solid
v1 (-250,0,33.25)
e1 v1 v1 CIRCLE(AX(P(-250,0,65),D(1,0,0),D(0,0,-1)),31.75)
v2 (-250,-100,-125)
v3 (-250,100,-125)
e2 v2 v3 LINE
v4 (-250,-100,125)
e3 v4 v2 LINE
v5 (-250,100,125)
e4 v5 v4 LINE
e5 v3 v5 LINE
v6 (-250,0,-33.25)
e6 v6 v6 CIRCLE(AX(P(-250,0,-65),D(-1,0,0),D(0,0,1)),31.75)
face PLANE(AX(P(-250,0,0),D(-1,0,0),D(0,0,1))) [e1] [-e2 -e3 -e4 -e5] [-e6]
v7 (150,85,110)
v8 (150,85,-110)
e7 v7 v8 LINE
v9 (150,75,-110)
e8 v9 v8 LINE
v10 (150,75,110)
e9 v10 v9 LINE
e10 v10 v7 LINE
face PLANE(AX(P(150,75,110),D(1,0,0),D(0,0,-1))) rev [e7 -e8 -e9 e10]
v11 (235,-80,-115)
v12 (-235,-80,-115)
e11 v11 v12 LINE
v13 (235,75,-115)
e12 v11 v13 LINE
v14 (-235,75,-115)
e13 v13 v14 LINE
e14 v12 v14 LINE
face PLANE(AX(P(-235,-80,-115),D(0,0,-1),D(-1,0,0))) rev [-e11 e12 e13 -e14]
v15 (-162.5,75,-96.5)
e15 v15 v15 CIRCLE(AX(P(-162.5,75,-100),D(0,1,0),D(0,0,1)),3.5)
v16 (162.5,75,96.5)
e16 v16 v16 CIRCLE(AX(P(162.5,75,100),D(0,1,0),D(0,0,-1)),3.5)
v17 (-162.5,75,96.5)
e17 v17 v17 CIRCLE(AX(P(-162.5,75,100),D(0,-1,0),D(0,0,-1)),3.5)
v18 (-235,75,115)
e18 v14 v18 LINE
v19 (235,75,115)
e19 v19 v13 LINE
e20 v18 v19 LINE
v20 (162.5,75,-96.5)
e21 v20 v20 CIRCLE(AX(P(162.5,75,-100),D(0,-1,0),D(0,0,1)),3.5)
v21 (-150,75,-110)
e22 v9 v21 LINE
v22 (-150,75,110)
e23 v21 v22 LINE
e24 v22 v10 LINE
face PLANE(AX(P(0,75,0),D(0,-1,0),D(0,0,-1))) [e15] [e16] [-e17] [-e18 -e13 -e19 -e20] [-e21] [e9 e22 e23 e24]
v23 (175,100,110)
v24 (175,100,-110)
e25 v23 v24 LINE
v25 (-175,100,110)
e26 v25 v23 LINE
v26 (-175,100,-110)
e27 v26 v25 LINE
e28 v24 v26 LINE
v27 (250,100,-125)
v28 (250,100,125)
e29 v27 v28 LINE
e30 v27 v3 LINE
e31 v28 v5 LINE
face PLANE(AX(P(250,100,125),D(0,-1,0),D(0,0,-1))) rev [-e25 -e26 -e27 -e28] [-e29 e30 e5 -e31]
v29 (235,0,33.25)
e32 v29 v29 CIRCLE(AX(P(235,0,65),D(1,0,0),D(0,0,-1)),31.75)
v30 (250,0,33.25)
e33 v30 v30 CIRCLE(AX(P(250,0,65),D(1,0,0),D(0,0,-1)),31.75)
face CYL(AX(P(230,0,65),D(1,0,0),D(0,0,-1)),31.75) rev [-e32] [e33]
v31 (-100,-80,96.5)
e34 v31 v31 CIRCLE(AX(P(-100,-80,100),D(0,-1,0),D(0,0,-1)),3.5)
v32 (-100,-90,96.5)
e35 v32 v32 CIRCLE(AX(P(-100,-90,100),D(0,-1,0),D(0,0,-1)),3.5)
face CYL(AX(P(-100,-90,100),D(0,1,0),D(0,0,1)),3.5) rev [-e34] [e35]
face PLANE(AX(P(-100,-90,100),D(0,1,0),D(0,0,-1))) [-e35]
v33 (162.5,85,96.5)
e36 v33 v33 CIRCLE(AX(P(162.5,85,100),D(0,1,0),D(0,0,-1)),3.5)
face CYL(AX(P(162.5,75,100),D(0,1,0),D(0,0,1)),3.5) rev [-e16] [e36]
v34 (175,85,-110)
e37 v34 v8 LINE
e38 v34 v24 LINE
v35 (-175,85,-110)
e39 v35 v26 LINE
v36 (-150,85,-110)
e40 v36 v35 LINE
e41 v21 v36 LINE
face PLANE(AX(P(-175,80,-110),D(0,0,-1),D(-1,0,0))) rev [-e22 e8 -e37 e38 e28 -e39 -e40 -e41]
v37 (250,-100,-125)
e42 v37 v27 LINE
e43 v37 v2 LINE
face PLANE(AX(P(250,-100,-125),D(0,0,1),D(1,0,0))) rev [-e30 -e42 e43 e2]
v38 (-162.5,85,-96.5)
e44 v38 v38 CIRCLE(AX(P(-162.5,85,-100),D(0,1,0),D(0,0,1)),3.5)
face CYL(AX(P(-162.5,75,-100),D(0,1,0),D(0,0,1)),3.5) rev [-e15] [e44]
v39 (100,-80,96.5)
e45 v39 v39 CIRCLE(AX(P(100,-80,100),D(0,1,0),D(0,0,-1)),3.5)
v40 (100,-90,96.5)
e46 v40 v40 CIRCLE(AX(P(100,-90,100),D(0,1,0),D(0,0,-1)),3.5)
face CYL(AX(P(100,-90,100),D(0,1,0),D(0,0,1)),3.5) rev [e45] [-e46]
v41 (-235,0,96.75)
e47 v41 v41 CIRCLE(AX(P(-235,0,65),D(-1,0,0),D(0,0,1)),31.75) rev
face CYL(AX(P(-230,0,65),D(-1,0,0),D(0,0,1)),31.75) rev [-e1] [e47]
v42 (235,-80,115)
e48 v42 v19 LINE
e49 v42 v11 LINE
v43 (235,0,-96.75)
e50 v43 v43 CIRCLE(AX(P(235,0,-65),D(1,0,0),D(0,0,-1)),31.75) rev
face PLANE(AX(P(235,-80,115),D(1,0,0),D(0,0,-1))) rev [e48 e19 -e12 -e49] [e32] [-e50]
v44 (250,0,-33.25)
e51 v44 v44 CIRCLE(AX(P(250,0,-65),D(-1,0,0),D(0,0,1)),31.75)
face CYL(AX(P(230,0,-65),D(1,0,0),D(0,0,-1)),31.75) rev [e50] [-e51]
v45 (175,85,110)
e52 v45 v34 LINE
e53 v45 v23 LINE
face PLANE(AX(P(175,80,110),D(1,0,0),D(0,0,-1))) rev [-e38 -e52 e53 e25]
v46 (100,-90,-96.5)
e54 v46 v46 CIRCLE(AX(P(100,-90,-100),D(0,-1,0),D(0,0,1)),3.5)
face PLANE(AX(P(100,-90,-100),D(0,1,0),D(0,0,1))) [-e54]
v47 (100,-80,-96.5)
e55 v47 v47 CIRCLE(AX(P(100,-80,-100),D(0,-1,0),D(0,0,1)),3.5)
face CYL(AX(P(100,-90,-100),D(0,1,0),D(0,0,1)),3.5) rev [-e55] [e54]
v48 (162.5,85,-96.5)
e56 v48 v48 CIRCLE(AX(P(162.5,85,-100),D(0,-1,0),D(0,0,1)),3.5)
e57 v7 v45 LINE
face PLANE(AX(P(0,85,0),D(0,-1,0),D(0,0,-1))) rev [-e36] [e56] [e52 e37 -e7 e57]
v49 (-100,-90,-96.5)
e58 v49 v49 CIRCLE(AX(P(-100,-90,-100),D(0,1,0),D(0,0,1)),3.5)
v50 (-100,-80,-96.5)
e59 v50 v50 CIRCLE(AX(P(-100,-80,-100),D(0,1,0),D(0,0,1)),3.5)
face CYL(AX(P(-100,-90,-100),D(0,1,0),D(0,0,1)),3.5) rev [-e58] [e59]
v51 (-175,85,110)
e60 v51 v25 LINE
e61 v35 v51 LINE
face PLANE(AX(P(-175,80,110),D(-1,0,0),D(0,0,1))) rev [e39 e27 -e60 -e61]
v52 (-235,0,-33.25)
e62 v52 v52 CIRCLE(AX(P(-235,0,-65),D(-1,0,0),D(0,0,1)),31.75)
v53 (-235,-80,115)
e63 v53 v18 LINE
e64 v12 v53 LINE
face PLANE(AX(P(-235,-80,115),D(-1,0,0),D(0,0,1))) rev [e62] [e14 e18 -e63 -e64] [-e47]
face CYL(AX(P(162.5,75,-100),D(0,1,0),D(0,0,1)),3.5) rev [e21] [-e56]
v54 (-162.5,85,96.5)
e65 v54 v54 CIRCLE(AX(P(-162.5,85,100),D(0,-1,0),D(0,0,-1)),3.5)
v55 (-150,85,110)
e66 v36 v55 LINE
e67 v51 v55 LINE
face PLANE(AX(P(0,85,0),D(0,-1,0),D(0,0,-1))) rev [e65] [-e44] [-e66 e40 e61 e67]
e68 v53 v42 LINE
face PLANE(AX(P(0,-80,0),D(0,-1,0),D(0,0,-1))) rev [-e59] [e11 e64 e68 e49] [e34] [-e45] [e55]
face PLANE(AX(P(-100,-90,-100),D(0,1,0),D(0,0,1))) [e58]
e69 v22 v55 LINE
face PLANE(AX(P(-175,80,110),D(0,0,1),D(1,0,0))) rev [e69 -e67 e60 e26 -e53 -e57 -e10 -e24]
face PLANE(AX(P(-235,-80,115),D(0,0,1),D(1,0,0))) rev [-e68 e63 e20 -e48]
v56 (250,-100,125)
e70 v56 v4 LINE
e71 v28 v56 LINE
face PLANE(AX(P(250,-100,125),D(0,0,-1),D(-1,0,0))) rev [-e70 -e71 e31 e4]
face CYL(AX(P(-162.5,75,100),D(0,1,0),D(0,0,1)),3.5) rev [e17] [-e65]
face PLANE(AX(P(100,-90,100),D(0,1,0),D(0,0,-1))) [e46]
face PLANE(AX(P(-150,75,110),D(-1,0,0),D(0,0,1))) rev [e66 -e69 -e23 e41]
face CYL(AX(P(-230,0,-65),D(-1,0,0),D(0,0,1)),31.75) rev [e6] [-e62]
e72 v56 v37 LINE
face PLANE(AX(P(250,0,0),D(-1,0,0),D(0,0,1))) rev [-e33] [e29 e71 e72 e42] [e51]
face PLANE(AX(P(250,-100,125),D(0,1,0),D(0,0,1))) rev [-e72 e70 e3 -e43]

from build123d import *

# Parameters (mm, degrees)
SKETCH1_W                = 250
SKETCH1_H                = 200
BOSS_EXTRUDE1_DEPTH      = 250
SKETCH7_W                = 470
SKETCH7_H                = 230
CUT_EXTRUDE4_DEPTH       = 80
SKETCH5_R                = 31.75
F_63_5MM_DIA_SERVO_DEPTH = 20
MIRROR13_COPY_1_SKETCH_R = 31.75
MIRROR13_COPY_1_DEPTH    = 20
SKETCH10_W               = 350
SKETCH10_H               = 220
CUT_EXTRUDE5_DEPTH       = 20
SKETCH15_W               = 500
SKETCH15_H               = 250
BOSS_EXTRUDE2_DEPTH      = 10
SKETCH18_W               = 300
SKETCH18_H               = 220
CUT_EXTRUDE11_DEPTH      = 10
SKETCH19_R               = 3.5
CUT_EXTRUDE12_DEPTH      = 10
MIRROR15_COPY_1_SKETCH_R = 3.5
MIRROR15_COPY_1_DEPTH    = 10
SKETCH20_R               = 3.5
CUT_EXTRUDE13_DEPTH      = 10
MIRROR17_COPY_1_SKETCH_R = 3.5
MIRROR17_COPY_1_DEPTH    = 10


with BuildPart() as part:
    # Sketch1 → Boss-Extrude1 (new, symmetric)
    with BuildSketch(Plane(origin=(0, 0, 0), x_dir=(0, 0, -1), z_dir=(1, 0, 0))):
        Rectangle(SKETCH1_W, SKETCH1_H)
    extrude(amount=BOSS_EXTRUDE1_DEPTH, both=True)

    # Sketch7 → Cut-Extrude4 (cut, symmetric)
    with BuildSketch(Plane(origin=(0, 0, 0), x_dir=(1, 0, 0), z_dir=(0, 1, 0))):
        Rectangle(SKETCH7_W, SKETCH7_H)
    extrude(amount=CUT_EXTRUDE4_DEPTH, both=True, mode=Mode.SUBTRACT)

    # Sketch5 → 63.5mm_dia_servo (cut)
    with BuildSketch(Plane(origin=(250, 0, 0), x_dir=(0, 0, -1), z_dir=(1, 0, 0))):
        with Locations((-65, 0)):
            Circle(SKETCH5_R)
    f_63_5mm_dia_servo = extrude(amount=-F_63_5MM_DIA_SERVO_DEPTH, mode=Mode.SUBTRACT)

    # Mirror12: 63.5mm_dia_servo across plane
    add(f_63_5mm_dia_servo.mirror(Plane.XY), mode=Mode.SUBTRACT)

    # Mirror13: 63.5mm_dia_servo across plane
    add(f_63_5mm_dia_servo.mirror(Plane(origin=(0, 0, 0), x_dir=(0, 0, 1), z_dir=(1, 0, 0))), mode=Mode.SUBTRACT)

    # Mirror13 copy 1 sketch → Mirror13 copy 1 (cut)
    with BuildSketch(Plane.ZY.offset(250)):
        with Locations((-65, 0)):
            Circle(MIRROR13_COPY_1_SKETCH_R)
    extrude(amount=-MIRROR13_COPY_1_DEPTH, mode=Mode.SUBTRACT)

    # Sketch10 → Cut-Extrude5 (cut)
    with BuildSketch(Plane(origin=(0, 100, 0), x_dir=(1, 0, 0), z_dir=(0, 1, 0))):
        Rectangle(SKETCH10_W, SKETCH10_H)
    extrude(amount=-CUT_EXTRUDE5_DEPTH, mode=Mode.SUBTRACT)

    # Sketch15 → Boss-Extrude2 (add)
    with BuildSketch(Plane(origin=(0, 75, 0), x_dir=(1, 0, 0), z_dir=(0, 1, 0))):
        Rectangle(SKETCH15_W, SKETCH15_H)
    extrude(amount=BOSS_EXTRUDE2_DEPTH)

    # Sketch18 → Cut-Extrude11 (cut)
    with BuildSketch(Plane(origin=(0, 85, 0), x_dir=(1, 0, 0), z_dir=(0, 1, 0))):
        Rectangle(SKETCH18_W, SKETCH18_H)
    extrude(amount=-CUT_EXTRUDE11_DEPTH, mode=Mode.SUBTRACT)

    # Sketch19 → Cut-Extrude12 (cut)
    with BuildSketch(Plane(origin=(0, 85, 0), x_dir=(1, 0, 0), z_dir=(0, 1, 0))):
        with Locations(Location((-162.5, 100, 0), (0, 0, 270))):
            Circle(SKETCH19_R)
    cut_extrude12 = extrude(amount=-CUT_EXTRUDE12_DEPTH, mode=Mode.SUBTRACT)

    # Mirror14: Cut-Extrude12 across plane
    add(cut_extrude12.mirror(Plane.XY), mode=Mode.SUBTRACT)

    # Mirror15: Cut-Extrude12 across plane
    add(cut_extrude12.mirror(Plane(origin=(0, 0, 0), x_dir=(0, 0, 1), z_dir=(1, 0, 0))), mode=Mode.SUBTRACT)

    # Mirror15 copy 1 sketch → Mirror15 copy 1 (cut)
    with BuildSketch(Plane(origin=(0, 85, 0), x_dir=(-1, 0, 0), z_dir=(0, 1, 0))):
        with Locations(Location((-162.5, 100, 0), (0, 0, 270))):
            Circle(MIRROR15_COPY_1_SKETCH_R)
    extrude(amount=-MIRROR15_COPY_1_DEPTH, mode=Mode.SUBTRACT)

    # Sketch20 → Cut-Extrude13 (cut)
    with BuildSketch(Plane(origin=(0, -80, 0), x_dir=(1, 0, 0), z_dir=(0, 1, 0))):
        with Locations(Location((-100, 100, 0), (0, 0, 270))):
            Circle(SKETCH20_R)
    cut_extrude13 = extrude(amount=-CUT_EXTRUDE13_DEPTH, mode=Mode.SUBTRACT)

    # Mirror16: Cut-Extrude13 across plane
    add(cut_extrude13.mirror(Plane.XY), mode=Mode.SUBTRACT)

    # Mirror17: Cut-Extrude13 across plane
    add(cut_extrude13.mirror(Plane(origin=(0, 0, 0), x_dir=(0, 0, 1), z_dir=(1, 0, 0))), mode=Mode.SUBTRACT)

    # Mirror17 copy 1 sketch → Mirror17 copy 1 (cut)
    with BuildSketch(Plane(origin=(0, -80, 0), x_dir=(-1, 0, 0), z_dir=(0, 1, 0))):
        with Locations(Location((-100, 100, 0), (0, 0, 270))):
            Circle(MIRROR17_COPY_1_SKETCH_R)
    extrude(amount=-MIRROR17_COPY_1_DEPTH, mode=Mode.SUBTRACT)


solid = part.part
